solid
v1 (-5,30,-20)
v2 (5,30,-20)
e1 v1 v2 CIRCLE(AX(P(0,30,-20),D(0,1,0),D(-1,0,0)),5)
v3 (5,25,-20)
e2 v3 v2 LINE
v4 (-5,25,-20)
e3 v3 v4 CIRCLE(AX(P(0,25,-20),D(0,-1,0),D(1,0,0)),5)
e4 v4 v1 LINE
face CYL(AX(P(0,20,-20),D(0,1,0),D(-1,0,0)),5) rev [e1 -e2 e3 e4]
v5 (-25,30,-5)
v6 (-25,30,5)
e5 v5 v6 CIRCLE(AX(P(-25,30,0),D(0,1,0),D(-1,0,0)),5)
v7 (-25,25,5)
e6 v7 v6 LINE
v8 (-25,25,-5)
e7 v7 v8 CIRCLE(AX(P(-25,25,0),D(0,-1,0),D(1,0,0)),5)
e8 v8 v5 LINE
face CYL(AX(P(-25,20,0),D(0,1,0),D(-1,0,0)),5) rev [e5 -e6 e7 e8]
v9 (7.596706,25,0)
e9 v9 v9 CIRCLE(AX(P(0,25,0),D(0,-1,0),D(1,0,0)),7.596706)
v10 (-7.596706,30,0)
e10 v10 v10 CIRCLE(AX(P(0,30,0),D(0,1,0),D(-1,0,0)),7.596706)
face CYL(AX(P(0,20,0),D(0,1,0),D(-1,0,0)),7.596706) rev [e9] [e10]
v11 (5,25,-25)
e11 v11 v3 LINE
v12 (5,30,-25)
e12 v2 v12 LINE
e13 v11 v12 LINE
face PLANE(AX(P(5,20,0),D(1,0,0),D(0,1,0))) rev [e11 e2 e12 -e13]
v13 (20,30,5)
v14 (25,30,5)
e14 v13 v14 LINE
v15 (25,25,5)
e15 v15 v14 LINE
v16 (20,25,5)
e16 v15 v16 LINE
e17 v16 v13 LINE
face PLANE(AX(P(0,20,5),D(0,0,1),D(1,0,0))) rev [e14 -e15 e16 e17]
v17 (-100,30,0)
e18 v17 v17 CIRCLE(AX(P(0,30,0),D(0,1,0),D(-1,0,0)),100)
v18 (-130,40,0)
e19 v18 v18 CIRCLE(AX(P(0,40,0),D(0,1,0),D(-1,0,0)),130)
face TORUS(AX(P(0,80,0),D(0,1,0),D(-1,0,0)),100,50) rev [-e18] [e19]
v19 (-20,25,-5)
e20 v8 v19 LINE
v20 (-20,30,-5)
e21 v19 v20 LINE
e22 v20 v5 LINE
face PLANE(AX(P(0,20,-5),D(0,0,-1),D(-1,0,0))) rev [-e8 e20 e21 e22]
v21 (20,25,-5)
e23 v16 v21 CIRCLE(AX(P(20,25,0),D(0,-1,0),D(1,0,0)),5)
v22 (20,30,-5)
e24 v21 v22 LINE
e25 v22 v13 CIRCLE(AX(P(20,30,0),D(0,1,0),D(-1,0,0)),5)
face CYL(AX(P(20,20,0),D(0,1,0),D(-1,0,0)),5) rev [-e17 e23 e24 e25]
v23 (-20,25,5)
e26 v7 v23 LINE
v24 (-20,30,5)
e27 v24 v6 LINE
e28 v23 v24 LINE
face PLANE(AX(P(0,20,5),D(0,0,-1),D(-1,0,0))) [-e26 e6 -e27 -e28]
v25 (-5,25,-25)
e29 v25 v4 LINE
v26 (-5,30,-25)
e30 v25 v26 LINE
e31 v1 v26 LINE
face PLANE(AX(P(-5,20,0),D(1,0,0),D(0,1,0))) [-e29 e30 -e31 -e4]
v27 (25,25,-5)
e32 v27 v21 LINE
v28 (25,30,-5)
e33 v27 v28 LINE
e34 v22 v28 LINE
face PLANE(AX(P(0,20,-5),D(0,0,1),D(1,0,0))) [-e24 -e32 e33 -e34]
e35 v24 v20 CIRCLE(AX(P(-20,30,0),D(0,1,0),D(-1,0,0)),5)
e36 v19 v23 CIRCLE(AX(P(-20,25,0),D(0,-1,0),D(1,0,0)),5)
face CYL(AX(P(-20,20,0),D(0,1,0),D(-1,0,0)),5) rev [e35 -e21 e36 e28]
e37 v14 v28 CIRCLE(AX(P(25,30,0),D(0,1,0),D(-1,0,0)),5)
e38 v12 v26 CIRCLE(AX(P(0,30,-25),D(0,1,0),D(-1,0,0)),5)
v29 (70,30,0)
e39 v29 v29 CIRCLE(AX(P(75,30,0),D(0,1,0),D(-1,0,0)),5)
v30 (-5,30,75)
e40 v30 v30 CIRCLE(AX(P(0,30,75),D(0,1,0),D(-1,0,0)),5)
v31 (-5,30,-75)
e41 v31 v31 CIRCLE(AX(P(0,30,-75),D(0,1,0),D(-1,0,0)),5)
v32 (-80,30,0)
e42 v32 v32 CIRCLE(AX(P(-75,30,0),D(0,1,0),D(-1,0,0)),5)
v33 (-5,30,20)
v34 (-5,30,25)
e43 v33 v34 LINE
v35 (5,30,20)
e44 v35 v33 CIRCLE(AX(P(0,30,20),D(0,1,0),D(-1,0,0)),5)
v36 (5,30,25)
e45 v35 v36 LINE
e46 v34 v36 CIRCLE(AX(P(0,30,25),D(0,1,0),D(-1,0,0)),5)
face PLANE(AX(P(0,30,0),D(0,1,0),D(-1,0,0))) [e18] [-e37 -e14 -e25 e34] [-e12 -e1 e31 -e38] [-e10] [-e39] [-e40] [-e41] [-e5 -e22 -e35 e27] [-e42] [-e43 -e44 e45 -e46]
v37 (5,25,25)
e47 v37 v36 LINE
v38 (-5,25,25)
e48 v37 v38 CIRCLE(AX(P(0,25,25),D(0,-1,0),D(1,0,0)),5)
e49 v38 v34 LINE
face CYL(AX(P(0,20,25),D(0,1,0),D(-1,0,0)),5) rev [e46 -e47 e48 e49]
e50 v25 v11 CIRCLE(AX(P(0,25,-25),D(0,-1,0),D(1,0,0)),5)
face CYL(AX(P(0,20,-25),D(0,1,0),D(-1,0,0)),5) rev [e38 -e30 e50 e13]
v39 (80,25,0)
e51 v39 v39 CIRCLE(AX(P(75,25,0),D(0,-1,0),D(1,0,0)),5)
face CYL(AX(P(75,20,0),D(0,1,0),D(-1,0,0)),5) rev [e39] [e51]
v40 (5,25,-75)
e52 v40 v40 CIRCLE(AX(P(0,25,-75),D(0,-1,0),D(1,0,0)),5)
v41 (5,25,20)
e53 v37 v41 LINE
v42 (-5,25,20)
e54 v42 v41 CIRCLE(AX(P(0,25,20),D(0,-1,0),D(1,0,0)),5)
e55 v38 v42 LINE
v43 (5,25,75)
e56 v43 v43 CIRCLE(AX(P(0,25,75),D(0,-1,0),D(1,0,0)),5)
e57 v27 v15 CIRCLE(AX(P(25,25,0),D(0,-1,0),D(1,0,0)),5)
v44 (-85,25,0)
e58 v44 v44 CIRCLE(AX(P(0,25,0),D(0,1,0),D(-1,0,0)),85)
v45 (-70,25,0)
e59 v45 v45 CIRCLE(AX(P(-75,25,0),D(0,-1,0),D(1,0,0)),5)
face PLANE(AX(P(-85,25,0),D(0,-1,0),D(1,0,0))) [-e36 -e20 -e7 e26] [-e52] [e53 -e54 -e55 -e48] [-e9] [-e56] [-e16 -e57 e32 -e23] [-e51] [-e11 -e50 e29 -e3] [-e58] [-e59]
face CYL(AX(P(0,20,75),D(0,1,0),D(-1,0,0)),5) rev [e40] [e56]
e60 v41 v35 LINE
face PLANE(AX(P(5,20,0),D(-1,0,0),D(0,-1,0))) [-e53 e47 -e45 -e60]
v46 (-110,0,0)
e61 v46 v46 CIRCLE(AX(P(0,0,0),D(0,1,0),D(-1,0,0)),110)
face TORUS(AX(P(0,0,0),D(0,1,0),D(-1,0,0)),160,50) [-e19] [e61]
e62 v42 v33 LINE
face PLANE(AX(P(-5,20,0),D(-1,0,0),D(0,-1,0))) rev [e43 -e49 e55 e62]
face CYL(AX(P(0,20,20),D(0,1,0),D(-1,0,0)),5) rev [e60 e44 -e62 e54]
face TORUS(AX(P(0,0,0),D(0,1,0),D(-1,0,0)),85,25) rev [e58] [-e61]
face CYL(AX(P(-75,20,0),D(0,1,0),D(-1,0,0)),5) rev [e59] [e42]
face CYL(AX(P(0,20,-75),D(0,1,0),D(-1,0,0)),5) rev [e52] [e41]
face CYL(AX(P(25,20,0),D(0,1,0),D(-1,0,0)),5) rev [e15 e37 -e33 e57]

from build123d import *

# Parameters (mm, degrees)
SKETCH2_R          = 5
SKETCH2_R_2        = 7.596705921
CUT_EXTRUDE2_DEPTH = 10


with BuildPart() as part:
    # Sketch1 → Revolve1 (revolve)
    with BuildSketch(Plane.XY):
        with BuildLine():
            Line((-85, 25), (0, 25))
            Line((0, 25), (0, 30))
            Line((0, 30), (-100, 30))
            ThreePointArc((-100, 30), (-115.811388301, 32.565835097), (-130, 40))
            ThreePointArc((-130, 40), (-204.72135955, -22.360679775), (-110, 0))
            ThreePointArc((-110, 0), (-102.67766953, 17.67766953), (-85, 25))
        make_face()
    revolve(axis=Axis((0, 30, 0), (0, -1, 0)))

    # Sketch2 → Cut-Extrude2 (cut)
    with BuildSketch(Plane(origin=(0, 30, 0), x_dir=(1, 0, 0), z_dir=(0, 1, 0))):
        with BuildLine():
            Line((-5, 25), (-5, 20))
            ThreePointArc((-5, 20), (0, 15), (5, 20))
            Line((5, 20), (5, 25))
            ThreePointArc((5, 25), (0, 30), (-5, 25))
        make_face()
        with BuildLine():
            Line((25, 5), (20, 5))
            ThreePointArc((20, 5), (15, 0), (20, -5))
            Line((20, -5), (25, -5))
            ThreePointArc((25, -5), (30, 0), (25, 5))
        make_face()
        with BuildLine():
            Line((5, -25), (5, -20))
            ThreePointArc((5, -20), (0, -15), (-5, -20))
            Line((-5, -20), (-5, -25))
            ThreePointArc((-5, -25), (0, -30), (5, -25))
        make_face()
        with BuildLine():
            Line((-25, -5), (-20, -5))
            ThreePointArc((-20, -5), (-15, 0), (-20, 5))
            Line((-20, 5), (-25, 5))
            ThreePointArc((-25, 5), (-30, 0), (-25, -5))
        make_face()
        with Locations((0, 75)):
            Circle(SKETCH2_R)
        Circle(SKETCH2_R_2)
        with Locations((75, 0)):
            Circle(SKETCH2_R)
        with Locations((0, -75)):
            Circle(SKETCH2_R)
        with Locations((-75, 0)):
            Circle(SKETCH2_R)
    extrude(amount=-CUT_EXTRUDE2_DEPTH, mode=Mode.SUBTRACT)


solid = part.part
